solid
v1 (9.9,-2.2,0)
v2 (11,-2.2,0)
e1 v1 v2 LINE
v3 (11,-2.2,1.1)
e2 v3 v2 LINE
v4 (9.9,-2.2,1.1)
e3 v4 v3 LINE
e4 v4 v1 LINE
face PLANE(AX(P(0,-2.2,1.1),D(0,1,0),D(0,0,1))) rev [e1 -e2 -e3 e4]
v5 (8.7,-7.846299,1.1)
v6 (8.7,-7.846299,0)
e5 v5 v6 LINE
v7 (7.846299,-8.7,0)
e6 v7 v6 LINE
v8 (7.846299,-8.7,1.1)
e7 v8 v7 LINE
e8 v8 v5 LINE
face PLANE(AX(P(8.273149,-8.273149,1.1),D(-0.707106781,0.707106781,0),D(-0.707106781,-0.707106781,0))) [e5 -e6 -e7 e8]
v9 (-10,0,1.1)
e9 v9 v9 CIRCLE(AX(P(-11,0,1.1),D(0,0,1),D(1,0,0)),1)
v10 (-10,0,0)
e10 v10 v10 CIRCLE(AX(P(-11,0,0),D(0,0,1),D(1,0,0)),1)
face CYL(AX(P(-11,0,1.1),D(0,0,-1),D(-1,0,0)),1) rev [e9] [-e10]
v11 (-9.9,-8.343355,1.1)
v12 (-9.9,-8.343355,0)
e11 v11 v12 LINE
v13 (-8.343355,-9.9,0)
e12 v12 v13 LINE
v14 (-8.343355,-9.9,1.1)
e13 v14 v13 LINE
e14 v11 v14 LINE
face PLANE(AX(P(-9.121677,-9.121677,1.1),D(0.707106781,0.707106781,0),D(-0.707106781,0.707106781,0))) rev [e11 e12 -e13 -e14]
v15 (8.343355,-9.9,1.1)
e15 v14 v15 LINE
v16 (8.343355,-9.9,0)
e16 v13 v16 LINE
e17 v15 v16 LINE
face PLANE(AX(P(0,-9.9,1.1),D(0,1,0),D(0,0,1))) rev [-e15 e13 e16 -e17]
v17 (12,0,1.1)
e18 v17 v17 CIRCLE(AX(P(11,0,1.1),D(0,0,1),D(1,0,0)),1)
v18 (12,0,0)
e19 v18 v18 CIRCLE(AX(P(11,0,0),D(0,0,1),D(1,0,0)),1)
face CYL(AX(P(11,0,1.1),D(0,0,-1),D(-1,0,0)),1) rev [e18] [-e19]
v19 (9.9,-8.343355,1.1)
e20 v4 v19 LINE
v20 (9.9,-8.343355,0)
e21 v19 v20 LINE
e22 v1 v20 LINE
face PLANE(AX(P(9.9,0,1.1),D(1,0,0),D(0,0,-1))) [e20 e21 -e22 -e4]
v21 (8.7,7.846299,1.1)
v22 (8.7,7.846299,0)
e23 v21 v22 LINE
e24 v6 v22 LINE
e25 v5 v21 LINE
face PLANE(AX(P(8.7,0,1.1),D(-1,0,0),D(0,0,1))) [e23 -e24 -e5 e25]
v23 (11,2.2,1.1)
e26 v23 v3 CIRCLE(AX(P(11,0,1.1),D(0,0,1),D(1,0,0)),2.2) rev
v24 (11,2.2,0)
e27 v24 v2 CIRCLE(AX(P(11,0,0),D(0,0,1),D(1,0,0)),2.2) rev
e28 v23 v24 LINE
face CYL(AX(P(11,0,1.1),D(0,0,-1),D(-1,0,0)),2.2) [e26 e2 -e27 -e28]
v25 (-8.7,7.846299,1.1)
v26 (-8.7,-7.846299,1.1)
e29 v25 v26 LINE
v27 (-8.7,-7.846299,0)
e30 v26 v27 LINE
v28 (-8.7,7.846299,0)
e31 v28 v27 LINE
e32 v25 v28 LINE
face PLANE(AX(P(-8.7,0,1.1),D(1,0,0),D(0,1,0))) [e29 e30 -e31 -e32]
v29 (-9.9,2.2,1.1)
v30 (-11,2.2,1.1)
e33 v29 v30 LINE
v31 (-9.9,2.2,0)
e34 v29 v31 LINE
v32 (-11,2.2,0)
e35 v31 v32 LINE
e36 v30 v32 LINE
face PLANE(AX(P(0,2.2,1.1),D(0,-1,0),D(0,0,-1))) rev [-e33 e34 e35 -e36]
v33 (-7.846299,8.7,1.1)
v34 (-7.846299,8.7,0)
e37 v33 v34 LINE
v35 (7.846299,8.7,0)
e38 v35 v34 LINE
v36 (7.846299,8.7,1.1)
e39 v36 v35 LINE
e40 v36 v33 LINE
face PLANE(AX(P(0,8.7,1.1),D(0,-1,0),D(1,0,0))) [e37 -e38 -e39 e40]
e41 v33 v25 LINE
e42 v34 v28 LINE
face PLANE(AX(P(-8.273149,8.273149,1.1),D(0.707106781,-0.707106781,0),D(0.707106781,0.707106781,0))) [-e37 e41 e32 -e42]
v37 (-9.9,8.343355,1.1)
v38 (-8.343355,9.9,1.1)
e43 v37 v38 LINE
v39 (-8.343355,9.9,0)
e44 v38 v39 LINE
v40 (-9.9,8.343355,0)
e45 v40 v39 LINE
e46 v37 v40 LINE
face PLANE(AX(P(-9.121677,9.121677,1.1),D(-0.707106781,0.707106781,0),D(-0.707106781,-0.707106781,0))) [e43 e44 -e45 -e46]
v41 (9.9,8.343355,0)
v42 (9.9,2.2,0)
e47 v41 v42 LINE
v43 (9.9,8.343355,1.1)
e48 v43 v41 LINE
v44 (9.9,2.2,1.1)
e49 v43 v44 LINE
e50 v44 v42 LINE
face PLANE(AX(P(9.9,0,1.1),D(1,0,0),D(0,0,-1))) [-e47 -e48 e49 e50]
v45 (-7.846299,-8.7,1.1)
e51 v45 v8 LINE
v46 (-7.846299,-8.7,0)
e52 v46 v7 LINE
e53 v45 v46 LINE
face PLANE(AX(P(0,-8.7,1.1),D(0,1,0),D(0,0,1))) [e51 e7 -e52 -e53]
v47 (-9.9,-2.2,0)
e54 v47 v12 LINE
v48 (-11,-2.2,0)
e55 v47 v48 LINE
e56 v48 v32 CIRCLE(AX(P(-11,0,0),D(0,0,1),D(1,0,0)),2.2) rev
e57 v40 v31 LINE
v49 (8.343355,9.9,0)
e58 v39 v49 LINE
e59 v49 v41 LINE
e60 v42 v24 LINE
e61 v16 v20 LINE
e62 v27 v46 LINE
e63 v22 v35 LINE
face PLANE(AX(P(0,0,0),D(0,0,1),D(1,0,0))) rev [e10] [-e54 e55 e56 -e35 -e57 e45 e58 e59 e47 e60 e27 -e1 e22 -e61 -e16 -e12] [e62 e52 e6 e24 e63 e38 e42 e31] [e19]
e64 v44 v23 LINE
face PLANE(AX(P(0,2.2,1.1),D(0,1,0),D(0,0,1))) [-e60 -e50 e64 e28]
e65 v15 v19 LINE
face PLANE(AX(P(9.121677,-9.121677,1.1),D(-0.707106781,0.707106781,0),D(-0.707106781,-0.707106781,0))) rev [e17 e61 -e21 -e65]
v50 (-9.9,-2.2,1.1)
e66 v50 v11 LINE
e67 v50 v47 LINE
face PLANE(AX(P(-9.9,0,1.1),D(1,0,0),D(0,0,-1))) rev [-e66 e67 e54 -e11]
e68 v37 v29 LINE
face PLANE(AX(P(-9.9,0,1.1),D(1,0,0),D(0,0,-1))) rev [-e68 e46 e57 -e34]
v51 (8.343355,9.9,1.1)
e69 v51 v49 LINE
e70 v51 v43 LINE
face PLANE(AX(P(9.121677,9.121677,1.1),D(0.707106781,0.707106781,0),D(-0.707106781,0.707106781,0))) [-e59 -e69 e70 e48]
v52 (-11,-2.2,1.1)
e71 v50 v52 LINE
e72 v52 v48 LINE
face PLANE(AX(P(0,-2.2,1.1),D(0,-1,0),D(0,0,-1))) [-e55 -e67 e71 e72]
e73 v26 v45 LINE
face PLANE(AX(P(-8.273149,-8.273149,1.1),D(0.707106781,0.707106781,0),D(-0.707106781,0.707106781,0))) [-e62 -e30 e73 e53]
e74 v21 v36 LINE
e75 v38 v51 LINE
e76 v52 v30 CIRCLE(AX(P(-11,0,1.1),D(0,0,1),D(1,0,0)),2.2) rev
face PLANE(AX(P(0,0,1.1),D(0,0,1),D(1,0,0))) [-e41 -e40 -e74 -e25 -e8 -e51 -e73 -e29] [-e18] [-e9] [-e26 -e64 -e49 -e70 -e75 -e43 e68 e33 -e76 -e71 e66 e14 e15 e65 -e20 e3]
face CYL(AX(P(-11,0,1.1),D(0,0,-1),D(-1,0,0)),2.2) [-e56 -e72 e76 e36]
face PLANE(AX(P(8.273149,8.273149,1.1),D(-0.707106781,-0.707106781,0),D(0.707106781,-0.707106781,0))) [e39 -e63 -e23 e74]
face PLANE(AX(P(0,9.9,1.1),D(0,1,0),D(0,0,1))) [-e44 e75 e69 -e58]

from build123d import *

# Parameters (mm, degrees)
SKETCH1_R           = 1
BOSS_EXTRUDE1_DEPTH = 1.1


with BuildPart() as part:
    # Sketch1 → Boss-Extrude1 (new body)
    # profile 1 of 3: a face of its own
    with BuildSketch(Plane.XY):
        Polygon((-8.343354955, 9.9), (-9.9, 8.343354955), (-9.9, 2.2), (-9.9, -2.2), (-9.9, -8.343354955), (-8.343354955, -9.9), (8.343354955, -9.9), (9.9, -8.343354955), (9.9, -2.2), (9.9, 2.2), (9.9, 8.343354955), (8.343354955, 9.9), align=None)
        Polygon((-8.7, -7.84629868), (-8.7, 7.84629868), (-7.84629868, 8.7), (7.84629868, 8.7), (8.7, 7.84629868), (8.7, -7.84629868), (7.84629868, -8.7), (-7.84629868, -8.7), align=None, mode=Mode.SUBTRACT)
    # profile 2 of 3: a face of its own
    with BuildSketch(Plane.XY):
        with BuildLine():
            Line((-9.9, -2.2), (-9.9, 2.2))
            Line((-9.9, 2.2), (-11.000000224, 2.2))
            ThreePointArc((-11.000000224, 2.2), (-13.200000224, 0), (-11.000000224, -2.2))
            Line((-11.000000224, -2.2), (-9.9, -2.2))
        make_face()
        with Locations((-11.000000224, 0)):
            Circle(SKETCH1_R, mode=Mode.SUBTRACT)
    # profile 3 of 3: a face of its own
    with BuildSketch(Plane.XY):
        with BuildLine():
            Line((11, 2.2), (9.9, 2.2))
            Line((9.9, 2.2), (9.9, -2.2))
            Line((9.9, -2.2), (11, -2.2))
            ThreePointArc((11, -2.2), (13.2, 0), (11, 2.2))
        make_face()
        with Locations((11, 0)):
            Circle(SKETCH1_R, mode=Mode.SUBTRACT)
    extrude(amount=BOSS_EXTRUDE1_DEPTH)


solid = part.part
